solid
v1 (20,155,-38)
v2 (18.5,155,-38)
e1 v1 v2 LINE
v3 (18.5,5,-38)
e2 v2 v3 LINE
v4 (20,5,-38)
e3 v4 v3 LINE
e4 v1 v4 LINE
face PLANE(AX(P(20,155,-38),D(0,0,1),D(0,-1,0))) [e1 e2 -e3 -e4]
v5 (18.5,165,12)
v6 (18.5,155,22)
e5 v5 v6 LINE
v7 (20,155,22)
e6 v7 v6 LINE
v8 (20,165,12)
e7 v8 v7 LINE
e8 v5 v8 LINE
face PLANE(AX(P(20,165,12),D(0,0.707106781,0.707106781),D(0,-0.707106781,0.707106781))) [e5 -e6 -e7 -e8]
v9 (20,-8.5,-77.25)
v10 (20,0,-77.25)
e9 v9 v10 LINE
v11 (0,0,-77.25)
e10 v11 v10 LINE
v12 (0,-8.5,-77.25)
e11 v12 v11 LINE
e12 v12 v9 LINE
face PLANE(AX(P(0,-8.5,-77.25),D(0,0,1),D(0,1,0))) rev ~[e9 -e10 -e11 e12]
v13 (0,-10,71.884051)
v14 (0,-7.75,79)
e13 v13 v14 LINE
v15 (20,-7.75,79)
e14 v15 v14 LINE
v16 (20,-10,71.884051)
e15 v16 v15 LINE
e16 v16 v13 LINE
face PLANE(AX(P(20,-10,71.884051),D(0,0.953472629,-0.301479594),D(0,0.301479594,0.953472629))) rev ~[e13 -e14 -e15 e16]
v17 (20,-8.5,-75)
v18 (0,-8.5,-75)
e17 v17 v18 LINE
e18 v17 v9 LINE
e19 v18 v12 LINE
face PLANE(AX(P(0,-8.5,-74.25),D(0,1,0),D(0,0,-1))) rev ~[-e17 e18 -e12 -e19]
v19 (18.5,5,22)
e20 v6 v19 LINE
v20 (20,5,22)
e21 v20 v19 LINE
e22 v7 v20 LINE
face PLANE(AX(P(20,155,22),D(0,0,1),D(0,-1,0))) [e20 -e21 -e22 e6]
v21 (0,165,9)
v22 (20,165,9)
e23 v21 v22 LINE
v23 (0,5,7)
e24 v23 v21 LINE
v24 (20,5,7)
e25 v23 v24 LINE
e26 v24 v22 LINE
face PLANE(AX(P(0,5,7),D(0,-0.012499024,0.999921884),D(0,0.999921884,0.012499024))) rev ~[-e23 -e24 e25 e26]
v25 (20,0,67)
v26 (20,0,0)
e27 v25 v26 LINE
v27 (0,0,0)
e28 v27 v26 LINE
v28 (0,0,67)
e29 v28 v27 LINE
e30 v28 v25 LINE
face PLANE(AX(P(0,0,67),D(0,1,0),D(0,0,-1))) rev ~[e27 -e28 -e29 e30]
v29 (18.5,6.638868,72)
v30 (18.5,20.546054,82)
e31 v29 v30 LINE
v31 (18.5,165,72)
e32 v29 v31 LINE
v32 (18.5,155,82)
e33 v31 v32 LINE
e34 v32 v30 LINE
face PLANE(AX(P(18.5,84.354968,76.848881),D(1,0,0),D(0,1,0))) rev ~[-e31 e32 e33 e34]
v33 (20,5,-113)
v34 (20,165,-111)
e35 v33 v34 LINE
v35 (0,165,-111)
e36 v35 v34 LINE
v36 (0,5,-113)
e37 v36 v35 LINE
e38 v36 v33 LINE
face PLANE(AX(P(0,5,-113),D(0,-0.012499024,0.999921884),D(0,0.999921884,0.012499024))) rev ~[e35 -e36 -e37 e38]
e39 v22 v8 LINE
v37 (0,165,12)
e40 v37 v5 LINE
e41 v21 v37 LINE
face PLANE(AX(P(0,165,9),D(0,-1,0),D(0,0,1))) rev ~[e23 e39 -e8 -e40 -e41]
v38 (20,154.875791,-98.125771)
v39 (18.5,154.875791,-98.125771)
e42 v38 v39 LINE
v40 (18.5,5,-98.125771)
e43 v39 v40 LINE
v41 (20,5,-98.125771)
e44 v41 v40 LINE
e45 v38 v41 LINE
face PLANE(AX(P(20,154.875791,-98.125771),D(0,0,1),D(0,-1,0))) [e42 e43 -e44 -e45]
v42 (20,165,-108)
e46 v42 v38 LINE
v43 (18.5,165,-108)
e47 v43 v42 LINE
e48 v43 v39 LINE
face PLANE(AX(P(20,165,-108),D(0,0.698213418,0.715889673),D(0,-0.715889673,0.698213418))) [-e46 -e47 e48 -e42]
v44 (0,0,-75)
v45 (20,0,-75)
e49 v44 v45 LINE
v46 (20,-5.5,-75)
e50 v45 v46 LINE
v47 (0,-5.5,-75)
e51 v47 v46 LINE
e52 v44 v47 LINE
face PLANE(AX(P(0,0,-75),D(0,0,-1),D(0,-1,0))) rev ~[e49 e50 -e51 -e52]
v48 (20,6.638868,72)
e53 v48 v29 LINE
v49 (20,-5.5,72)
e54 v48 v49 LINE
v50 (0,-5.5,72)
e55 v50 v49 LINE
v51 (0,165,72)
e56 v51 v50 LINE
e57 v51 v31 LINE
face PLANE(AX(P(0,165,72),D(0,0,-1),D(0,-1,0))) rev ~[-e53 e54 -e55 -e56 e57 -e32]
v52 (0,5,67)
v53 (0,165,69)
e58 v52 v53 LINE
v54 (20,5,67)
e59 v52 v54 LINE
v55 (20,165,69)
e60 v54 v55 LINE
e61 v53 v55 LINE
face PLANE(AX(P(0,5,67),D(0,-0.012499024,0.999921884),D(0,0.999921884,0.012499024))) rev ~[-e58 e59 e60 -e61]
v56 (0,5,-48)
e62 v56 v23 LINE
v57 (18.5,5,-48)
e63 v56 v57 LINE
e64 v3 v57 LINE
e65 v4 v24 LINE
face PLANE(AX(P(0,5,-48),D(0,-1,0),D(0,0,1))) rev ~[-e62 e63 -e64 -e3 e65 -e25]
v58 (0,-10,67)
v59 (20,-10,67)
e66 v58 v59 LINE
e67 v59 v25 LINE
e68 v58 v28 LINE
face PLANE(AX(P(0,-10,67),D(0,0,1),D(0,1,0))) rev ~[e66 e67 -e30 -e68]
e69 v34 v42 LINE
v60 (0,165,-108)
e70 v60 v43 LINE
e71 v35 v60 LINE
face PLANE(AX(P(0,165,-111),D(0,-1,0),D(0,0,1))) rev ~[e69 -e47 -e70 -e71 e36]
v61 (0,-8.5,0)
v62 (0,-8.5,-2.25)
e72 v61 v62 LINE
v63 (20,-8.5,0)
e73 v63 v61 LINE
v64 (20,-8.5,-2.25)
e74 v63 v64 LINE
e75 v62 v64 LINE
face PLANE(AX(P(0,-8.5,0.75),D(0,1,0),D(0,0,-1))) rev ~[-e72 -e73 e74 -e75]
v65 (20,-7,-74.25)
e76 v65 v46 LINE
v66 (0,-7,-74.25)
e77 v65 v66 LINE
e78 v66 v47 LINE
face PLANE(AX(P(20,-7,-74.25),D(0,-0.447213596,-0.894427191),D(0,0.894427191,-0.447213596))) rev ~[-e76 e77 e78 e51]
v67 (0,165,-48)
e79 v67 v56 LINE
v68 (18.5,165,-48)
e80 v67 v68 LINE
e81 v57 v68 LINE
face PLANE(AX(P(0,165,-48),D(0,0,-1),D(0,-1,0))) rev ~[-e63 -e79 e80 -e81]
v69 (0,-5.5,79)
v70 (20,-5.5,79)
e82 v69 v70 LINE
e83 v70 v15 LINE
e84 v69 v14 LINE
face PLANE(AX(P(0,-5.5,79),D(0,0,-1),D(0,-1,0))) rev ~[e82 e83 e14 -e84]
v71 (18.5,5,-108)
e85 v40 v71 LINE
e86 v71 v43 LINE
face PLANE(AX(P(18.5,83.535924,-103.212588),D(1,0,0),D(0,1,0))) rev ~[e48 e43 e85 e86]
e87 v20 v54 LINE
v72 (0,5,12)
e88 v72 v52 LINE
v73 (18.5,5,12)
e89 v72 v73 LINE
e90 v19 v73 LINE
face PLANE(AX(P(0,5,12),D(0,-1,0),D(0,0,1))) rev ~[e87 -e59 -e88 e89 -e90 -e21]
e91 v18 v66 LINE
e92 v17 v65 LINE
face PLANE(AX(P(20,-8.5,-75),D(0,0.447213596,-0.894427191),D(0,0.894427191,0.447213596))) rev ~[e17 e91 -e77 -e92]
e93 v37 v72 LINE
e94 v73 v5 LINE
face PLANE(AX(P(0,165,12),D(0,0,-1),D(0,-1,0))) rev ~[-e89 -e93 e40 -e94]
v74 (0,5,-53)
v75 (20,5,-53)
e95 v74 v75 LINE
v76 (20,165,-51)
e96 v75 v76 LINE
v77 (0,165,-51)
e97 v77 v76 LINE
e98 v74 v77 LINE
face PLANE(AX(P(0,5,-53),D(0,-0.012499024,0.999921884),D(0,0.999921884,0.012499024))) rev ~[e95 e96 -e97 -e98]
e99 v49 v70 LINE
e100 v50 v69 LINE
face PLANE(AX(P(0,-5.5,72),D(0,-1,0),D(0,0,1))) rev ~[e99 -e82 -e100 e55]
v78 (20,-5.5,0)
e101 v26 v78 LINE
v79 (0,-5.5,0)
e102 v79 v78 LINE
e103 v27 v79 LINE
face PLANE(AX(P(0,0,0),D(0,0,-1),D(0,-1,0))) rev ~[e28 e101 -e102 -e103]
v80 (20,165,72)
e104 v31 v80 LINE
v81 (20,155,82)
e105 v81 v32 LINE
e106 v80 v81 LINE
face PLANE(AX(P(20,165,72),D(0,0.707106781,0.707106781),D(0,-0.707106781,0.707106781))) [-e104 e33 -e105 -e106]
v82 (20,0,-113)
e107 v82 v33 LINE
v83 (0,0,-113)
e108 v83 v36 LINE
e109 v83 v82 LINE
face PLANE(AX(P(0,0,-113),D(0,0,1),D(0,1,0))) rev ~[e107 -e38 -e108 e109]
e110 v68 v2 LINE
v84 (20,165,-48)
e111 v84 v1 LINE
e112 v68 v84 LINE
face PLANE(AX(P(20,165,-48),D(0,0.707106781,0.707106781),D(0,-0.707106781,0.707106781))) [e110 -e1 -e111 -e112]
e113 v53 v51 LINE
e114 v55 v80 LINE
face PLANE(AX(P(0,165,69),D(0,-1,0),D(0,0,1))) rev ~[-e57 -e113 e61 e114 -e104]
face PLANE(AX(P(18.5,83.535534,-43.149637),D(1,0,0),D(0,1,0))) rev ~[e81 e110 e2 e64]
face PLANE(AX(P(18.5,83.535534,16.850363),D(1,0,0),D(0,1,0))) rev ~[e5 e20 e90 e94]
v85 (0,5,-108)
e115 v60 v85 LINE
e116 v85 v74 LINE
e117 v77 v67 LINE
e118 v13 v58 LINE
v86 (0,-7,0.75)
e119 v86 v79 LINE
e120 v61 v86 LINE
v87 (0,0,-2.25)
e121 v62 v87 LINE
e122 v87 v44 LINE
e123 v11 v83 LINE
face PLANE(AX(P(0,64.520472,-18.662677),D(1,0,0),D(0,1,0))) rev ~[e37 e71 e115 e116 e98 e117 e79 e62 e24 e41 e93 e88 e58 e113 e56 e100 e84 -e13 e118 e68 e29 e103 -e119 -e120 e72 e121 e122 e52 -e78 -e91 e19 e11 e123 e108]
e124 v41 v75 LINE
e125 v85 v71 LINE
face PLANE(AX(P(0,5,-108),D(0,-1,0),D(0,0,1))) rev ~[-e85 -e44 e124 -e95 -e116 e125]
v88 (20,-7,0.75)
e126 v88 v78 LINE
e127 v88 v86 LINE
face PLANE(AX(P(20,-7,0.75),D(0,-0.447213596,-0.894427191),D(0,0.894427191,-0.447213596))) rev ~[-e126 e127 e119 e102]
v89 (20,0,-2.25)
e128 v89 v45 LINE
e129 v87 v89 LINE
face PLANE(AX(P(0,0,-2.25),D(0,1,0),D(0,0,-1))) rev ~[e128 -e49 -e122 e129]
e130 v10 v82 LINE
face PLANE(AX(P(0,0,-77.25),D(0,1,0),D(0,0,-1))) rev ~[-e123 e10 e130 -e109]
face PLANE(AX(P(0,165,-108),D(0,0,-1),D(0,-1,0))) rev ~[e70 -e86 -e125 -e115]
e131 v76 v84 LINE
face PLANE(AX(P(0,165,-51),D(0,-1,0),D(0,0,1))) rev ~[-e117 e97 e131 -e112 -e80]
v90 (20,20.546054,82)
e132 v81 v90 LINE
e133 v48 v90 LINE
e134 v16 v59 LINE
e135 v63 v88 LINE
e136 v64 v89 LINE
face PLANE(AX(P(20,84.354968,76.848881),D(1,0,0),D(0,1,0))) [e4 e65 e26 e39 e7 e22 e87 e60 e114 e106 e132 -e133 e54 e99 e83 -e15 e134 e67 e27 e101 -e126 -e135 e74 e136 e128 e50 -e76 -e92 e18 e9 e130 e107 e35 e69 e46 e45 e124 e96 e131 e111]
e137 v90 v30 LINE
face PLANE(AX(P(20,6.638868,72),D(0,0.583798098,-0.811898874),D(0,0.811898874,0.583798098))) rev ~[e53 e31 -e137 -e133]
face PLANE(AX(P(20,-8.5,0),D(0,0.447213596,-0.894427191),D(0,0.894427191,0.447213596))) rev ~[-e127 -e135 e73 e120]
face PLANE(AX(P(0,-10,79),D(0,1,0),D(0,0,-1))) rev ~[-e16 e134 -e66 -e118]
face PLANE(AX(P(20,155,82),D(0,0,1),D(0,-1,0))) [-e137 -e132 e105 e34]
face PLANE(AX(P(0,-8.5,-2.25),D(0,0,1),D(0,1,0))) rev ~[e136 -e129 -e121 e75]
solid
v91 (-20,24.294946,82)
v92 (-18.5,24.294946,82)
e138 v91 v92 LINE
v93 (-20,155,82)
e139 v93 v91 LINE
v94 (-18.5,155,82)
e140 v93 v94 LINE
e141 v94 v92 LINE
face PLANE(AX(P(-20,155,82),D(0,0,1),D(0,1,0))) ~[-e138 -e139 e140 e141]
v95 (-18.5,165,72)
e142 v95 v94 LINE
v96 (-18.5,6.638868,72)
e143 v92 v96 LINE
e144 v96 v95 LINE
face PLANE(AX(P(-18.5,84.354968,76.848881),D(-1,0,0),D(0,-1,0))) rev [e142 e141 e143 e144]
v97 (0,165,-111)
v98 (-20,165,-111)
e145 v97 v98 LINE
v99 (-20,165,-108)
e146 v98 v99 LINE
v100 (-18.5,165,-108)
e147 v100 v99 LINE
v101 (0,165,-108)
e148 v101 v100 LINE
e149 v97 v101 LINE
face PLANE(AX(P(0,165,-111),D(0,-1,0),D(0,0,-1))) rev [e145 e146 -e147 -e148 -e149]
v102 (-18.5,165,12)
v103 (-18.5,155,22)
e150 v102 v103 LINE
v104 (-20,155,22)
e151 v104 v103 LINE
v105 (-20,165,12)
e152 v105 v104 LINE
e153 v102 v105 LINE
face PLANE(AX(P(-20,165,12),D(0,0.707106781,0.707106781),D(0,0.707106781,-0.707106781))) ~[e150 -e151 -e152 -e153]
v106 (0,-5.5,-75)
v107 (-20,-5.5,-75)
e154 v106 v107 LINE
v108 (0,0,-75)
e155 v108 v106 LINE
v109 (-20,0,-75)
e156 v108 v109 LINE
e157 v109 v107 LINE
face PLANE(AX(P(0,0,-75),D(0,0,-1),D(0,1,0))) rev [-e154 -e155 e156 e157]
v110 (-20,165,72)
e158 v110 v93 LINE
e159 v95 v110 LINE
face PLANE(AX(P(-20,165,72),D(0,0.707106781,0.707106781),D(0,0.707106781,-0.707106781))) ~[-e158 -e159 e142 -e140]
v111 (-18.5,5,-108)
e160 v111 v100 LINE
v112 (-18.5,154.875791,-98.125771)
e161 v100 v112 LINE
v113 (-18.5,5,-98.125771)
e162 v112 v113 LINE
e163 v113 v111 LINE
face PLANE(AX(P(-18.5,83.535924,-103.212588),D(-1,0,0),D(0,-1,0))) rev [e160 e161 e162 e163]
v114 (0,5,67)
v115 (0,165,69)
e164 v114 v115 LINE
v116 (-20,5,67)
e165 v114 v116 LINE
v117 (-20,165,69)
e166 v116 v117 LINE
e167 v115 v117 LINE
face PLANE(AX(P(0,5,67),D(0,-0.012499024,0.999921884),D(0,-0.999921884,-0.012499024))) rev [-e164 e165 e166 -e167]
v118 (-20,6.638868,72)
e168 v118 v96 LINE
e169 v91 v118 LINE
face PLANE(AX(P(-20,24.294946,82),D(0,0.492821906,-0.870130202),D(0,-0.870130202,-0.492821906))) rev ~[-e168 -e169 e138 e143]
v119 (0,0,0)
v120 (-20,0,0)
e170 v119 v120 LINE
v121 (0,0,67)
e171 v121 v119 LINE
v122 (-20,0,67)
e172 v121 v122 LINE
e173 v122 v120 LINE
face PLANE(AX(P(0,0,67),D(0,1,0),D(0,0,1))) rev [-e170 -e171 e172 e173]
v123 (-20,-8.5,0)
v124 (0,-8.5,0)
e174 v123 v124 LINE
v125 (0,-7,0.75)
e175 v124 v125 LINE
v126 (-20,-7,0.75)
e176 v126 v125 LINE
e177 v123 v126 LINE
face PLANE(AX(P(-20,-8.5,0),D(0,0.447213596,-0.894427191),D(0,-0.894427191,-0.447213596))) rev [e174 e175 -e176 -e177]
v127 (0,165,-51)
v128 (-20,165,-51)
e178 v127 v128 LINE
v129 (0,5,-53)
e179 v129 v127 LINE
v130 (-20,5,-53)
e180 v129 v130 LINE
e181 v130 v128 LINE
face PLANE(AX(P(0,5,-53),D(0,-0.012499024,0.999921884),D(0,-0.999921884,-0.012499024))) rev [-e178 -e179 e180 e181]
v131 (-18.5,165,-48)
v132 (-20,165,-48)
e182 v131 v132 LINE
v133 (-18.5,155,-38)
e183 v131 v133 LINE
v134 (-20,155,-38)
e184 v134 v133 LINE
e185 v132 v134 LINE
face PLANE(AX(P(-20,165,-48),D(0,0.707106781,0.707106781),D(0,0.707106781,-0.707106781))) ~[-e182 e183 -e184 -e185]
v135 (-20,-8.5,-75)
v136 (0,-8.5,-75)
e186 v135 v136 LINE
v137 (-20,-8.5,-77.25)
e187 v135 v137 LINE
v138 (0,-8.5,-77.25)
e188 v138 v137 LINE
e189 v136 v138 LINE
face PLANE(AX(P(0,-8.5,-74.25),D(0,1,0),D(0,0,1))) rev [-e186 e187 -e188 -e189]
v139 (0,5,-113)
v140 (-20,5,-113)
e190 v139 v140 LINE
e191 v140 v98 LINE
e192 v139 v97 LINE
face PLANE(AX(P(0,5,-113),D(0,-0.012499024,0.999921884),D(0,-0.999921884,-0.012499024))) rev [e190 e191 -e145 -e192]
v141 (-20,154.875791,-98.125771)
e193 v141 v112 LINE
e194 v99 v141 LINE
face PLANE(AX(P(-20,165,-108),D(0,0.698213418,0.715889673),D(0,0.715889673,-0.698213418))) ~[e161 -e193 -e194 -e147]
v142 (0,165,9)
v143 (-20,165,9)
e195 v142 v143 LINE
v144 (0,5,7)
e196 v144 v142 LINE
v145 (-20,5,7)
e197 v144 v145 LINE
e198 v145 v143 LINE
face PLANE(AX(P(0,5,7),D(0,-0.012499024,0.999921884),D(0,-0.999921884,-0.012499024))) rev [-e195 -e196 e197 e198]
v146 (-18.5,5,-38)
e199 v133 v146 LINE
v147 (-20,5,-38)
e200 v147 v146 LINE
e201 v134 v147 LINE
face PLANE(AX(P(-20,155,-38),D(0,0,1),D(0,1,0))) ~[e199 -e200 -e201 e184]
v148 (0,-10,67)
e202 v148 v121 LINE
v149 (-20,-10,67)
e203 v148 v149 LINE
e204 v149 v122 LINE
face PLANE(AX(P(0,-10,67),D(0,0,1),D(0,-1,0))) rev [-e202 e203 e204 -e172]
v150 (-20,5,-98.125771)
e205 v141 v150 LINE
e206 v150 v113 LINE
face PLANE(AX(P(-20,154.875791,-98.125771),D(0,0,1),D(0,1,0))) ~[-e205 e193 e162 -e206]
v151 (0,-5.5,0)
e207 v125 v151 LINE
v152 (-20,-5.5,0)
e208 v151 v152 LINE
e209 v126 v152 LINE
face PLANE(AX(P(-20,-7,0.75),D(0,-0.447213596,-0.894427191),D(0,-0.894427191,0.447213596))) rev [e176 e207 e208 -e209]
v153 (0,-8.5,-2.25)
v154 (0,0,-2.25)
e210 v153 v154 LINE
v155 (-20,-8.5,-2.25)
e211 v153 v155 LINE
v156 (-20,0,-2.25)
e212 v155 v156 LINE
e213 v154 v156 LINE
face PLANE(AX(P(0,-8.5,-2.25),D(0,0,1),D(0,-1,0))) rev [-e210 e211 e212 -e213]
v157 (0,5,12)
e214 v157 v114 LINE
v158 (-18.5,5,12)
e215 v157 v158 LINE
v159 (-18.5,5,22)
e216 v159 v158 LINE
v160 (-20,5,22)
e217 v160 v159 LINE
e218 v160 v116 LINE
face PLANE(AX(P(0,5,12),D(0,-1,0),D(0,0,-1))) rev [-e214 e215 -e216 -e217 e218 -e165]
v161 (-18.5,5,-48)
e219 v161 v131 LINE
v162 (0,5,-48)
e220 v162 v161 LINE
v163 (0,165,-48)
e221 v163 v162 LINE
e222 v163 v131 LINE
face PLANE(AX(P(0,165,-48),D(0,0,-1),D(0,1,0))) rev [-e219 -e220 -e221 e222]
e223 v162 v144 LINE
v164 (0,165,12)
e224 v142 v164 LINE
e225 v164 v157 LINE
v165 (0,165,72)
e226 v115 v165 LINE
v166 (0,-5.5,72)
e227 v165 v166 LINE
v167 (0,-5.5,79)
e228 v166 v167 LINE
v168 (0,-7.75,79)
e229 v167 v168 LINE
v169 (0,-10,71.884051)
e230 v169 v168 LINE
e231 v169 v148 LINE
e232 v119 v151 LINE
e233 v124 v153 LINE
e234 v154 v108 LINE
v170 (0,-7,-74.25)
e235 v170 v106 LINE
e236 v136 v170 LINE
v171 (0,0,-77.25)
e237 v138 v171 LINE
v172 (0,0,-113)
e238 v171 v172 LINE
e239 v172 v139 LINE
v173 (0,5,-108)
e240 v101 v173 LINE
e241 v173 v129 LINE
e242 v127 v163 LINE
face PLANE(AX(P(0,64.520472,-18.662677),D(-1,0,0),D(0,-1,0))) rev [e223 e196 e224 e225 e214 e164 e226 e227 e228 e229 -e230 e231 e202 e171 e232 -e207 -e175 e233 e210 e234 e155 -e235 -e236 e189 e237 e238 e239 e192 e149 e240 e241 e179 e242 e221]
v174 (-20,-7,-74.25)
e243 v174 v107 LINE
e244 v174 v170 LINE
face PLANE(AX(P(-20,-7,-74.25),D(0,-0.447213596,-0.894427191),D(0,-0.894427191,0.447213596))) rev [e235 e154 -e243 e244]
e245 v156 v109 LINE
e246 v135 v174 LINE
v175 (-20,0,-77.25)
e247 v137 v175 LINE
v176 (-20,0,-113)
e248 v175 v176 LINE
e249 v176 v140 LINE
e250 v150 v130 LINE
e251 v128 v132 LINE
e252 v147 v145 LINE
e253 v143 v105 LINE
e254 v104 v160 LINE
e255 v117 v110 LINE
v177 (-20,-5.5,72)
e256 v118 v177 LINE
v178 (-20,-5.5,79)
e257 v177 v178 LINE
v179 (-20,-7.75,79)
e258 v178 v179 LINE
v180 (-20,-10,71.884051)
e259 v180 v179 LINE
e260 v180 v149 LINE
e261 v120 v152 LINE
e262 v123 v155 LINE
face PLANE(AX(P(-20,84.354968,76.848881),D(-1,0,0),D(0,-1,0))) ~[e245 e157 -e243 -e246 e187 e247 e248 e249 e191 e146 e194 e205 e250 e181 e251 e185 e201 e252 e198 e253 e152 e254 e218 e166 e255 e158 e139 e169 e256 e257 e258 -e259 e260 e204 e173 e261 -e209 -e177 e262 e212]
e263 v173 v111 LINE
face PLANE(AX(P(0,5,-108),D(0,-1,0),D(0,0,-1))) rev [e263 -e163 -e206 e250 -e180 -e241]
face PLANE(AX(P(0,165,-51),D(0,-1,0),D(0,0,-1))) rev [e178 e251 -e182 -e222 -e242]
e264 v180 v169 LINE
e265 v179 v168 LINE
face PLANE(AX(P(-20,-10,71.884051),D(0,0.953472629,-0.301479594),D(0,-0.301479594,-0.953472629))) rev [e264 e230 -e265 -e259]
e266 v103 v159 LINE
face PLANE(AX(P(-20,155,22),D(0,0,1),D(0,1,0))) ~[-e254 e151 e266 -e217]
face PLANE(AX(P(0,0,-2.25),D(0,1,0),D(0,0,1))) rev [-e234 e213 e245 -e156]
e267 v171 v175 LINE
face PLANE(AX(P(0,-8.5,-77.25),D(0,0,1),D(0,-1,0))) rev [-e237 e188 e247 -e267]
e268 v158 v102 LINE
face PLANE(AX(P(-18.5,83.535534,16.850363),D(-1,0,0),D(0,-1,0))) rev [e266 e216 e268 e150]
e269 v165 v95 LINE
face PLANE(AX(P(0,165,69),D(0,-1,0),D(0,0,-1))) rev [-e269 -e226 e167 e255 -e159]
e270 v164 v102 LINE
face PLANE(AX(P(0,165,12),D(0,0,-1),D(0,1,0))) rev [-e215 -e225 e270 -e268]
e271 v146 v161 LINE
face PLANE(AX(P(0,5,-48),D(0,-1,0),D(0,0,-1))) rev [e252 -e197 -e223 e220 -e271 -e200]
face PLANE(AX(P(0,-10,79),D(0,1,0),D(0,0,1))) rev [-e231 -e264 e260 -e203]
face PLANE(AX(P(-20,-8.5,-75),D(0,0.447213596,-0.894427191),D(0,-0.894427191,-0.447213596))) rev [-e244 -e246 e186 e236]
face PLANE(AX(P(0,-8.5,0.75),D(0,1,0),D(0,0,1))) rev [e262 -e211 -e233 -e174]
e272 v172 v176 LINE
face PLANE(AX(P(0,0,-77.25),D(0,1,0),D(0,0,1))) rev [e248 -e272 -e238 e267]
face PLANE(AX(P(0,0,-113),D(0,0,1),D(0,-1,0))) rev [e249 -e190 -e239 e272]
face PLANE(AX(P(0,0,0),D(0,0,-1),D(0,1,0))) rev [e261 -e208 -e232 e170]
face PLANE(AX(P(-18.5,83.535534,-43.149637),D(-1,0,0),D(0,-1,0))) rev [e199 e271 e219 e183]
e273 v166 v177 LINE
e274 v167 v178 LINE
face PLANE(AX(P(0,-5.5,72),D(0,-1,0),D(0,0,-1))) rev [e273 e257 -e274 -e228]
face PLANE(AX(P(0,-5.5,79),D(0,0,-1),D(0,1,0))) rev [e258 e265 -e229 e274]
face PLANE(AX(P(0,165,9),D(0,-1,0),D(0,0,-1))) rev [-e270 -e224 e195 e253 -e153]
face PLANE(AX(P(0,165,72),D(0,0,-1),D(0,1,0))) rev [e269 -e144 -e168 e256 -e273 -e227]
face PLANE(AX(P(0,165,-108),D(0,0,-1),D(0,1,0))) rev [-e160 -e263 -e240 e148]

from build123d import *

# Parameters (mm, degrees)
F1_DEPTH  = 20
F3_DEPTH  = 20
F5_DEPTH  = 20
F7_DEPTH  = 20
F9_DEPTH  = 1.5
F12_DEPTH = 1.5
F14_DEPTH = 1.5


with BuildPart() as f1:
    # F0 (on Right) → F1 (new body)
    with BuildSketch(Plane.YZ):
        Polygon((0, 67), (0, 0), (-5.5, 0), (-5.5, 0.75), (-8.5, 0.75), (-8.5, -2.25), (0, -2.25), (0, -58.026318), (0, -75), (-5.5, -75), (-5.5, -74.25), (-8.5, -74.25), (-8.5, -77.25), (0, -77.25), (0, -113), (5, -113), (165, -111), (165, -108), (5, -108), (5, -53), (165, -51), (165, -48), (5, -48), (5, 7), (165, 9), (165, 12), (5, 12), (5, 67), (165, 69), (165, 72), (5, 72), (-5.5, 72), (-5.5, 79), (-10, 79), (-10, 67), align=None)
    extrude(amount=F1_DEPTH)

    # F2 (on face) → F3 (cut, through all)
    with BuildSketch(Plane.YZ.offset(20)):
        Polygon((-10, 71.884051), (-7.75, 79), (-10, 79), align=None)
    extrude(amount=-F3_DEPTH, mode=Mode.SUBTRACT)

    # F4 (on face) → F5 (cut, through all)
    with BuildSketch(Plane.YZ.offset(20)):
        Polygon((-8.5, 0), (-7, 0.75), (-8.5, 0.75), align=None)
        Polygon((-7, 0.75), (-5.5, 0), (-5.5, 0.75), align=None)
    extrude(amount=-F5_DEPTH, mode=Mode.SUBTRACT)

    # F6 (on face) → F7 (cut, through all)
    with BuildSketch(Plane.YZ.offset(20)):
        Polygon((-8.5, -75), (-7, -74.25), (-8.5, -74.25), align=None)
        Polygon((-7, -74.25), (-5.5, -75), (-5.5, -74.25), align=None)
    extrude(amount=-F7_DEPTH, mode=Mode.SUBTRACT)

    # F8 (on face) → F9 (join)
    with BuildSketch(Plane.YZ.offset(20)):
        Polygon((6.638868, 72), (165, 72), (155, 82), (6.638868, 82), align=None)
        Polygon((155, 22), (5, 22), (5, 12), (165, 12), align=None)
        Polygon((155, -38), (5, -38), (5, -48), (165, -48), align=None)
        Polygon((154.875791, -98.125771), (5, -98.125771), (5, -108), (165, -108), align=None)
    extrude(amount=-F9_DEPTH)

    # F11 (on face) → F12 (cut, through all)
    with BuildSketch(Plane.YZ.offset(20)):
        Polygon((6.638868, 82), (6.638868, 72), (20.546054, 82), align=None)
    extrude(amount=-F12_DEPTH, mode=Mode.SUBTRACT)


with BuildPart() as f10_1:
    # F10: instance of F1
    add(f1.part.mirror(Plane.YZ))

    # F13 (on face) → F14 (cut, through all)
    with BuildSketch(Plane(origin=(-20, 0, 0), x_dir=(0, -1, 0), z_dir=(-1, 0, 0))):
        Polygon((-24.294946, 82), (-6.638868, 72), (-20.546054, 82), align=None)
    extrude(amount=-F14_DEPTH, mode=Mode.SUBTRACT)


solid = Compound([f1.part, f10_1.part])
